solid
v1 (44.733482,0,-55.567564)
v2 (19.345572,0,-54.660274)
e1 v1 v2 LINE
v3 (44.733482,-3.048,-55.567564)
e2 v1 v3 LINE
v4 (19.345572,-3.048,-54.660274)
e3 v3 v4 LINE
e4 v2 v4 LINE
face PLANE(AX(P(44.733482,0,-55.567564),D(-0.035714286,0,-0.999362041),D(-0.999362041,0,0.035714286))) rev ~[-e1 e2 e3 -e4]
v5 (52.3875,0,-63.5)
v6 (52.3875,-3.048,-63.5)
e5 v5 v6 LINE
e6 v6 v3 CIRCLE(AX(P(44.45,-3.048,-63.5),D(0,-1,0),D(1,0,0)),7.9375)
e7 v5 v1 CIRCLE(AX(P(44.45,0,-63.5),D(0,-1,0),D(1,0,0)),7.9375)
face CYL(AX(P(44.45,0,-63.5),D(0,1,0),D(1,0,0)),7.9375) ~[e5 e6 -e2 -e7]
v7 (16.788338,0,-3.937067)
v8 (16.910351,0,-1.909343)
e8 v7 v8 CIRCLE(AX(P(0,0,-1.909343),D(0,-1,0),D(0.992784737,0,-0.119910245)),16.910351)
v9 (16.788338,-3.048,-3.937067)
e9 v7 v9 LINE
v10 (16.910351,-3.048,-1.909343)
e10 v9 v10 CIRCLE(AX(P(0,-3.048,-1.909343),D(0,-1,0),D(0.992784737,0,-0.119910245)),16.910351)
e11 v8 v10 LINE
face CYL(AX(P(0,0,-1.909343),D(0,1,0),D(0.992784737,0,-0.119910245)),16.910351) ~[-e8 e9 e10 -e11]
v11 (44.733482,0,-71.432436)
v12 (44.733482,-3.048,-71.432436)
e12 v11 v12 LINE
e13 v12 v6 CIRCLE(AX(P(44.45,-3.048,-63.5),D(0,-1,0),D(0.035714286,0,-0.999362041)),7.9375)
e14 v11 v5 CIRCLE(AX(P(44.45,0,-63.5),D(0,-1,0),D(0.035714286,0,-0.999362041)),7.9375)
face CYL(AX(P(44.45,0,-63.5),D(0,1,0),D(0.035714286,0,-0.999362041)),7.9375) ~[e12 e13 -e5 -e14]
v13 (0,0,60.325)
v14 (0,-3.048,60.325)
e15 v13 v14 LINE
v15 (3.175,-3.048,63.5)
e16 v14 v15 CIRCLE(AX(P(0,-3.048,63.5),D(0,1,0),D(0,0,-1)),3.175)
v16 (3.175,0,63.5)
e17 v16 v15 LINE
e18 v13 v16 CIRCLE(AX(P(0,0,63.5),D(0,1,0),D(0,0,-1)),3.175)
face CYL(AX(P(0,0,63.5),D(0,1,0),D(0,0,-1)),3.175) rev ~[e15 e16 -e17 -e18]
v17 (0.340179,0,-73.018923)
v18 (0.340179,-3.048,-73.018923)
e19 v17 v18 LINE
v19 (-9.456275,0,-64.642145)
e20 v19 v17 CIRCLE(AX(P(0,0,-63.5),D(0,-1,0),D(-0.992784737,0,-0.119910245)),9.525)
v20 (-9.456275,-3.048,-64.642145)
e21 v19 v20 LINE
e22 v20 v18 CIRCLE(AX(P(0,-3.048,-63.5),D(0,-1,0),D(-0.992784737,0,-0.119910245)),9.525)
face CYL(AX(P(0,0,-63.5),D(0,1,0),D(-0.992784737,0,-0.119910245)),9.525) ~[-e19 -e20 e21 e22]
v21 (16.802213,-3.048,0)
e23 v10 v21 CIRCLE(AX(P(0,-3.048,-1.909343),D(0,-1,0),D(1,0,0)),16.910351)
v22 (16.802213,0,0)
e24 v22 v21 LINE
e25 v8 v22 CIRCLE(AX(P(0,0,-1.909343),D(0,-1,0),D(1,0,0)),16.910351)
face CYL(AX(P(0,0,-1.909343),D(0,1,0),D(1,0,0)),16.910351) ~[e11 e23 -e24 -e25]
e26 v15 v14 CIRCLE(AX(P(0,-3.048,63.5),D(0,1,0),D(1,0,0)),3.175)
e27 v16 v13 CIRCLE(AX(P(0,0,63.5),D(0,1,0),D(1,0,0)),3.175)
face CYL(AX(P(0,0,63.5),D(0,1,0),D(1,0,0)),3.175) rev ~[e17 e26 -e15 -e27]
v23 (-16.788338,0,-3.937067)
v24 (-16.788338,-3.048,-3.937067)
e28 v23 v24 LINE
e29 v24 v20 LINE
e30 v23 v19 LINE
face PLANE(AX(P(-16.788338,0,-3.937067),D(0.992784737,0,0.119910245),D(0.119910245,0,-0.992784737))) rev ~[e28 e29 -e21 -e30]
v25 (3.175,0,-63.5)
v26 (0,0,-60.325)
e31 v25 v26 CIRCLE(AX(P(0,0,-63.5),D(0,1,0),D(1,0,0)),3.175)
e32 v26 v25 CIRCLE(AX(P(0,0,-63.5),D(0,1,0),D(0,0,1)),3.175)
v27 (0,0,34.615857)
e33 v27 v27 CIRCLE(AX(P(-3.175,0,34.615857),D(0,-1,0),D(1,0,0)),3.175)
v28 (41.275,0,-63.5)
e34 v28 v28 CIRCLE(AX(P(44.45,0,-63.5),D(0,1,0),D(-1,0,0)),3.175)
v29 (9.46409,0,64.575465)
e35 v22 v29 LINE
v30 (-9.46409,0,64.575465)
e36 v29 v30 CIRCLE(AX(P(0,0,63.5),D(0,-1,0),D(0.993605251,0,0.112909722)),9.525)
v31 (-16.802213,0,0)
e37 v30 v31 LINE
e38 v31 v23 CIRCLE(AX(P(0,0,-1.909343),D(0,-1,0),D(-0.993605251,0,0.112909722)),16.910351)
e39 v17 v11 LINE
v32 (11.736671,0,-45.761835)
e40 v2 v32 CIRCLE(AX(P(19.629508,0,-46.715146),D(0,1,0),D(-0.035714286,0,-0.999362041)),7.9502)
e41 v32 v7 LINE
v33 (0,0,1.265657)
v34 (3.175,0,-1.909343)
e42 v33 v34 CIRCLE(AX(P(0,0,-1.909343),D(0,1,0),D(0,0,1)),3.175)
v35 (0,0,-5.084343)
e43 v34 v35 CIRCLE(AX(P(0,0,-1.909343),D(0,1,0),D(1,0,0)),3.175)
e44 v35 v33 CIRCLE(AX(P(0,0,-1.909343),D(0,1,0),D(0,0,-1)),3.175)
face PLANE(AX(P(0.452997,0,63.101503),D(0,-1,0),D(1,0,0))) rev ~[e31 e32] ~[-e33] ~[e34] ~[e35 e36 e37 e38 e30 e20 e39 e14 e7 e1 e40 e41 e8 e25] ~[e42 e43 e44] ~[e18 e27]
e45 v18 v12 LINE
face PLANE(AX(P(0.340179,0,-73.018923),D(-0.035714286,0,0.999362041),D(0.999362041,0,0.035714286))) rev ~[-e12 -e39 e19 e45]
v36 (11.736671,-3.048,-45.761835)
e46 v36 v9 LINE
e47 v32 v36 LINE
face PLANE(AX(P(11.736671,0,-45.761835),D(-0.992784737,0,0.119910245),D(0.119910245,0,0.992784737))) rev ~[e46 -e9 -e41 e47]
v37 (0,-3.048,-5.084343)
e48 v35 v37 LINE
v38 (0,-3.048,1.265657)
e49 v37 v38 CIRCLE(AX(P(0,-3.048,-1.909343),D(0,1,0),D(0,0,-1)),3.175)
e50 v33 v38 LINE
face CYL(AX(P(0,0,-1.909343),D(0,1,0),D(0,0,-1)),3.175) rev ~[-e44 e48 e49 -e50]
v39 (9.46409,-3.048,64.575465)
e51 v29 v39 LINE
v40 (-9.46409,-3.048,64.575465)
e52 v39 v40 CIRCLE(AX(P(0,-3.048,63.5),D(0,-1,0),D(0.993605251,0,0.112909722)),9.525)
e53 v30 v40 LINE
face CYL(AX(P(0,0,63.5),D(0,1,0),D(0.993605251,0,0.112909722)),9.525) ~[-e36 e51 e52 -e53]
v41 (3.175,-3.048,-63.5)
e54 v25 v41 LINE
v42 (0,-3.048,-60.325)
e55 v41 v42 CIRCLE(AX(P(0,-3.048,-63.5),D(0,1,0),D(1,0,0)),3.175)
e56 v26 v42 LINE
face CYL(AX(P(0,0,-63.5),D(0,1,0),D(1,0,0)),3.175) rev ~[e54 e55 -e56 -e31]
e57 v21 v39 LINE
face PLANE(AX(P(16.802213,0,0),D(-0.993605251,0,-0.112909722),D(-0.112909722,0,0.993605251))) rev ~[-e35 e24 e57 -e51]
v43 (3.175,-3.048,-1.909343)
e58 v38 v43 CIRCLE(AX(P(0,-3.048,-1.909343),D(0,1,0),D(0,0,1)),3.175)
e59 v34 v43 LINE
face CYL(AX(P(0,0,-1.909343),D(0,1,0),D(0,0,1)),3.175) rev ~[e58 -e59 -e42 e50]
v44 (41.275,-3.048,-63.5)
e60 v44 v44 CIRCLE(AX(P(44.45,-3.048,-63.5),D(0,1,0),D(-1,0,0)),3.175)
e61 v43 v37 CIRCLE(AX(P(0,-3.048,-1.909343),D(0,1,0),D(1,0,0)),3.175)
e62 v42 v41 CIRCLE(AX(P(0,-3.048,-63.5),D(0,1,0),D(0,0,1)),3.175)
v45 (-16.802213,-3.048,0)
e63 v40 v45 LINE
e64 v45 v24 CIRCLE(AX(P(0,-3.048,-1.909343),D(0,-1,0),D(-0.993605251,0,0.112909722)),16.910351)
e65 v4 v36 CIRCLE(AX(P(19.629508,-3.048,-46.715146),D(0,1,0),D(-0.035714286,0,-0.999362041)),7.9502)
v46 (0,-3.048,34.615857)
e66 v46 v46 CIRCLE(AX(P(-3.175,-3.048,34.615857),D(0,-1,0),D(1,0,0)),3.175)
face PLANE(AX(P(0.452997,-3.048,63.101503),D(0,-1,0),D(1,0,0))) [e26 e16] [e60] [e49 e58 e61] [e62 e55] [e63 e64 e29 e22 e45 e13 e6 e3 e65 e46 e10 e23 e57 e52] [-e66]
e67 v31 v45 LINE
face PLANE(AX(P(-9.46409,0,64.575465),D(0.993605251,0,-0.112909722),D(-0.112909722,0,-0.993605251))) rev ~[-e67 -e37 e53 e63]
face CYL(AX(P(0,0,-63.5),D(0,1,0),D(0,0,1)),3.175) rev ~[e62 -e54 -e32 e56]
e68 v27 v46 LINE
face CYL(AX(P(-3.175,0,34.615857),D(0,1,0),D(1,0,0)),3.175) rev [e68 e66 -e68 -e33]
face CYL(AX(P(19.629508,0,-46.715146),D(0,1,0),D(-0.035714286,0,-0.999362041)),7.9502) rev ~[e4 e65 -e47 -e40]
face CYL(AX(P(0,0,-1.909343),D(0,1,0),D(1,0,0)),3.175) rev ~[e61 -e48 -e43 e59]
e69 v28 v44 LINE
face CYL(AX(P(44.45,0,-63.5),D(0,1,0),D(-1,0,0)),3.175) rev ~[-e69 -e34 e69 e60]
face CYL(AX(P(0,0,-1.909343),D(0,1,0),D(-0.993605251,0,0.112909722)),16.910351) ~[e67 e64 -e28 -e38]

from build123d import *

# Parameters (mm, degrees)
F0_R     = 3.175
F1_DEPTH = 3.048


with BuildPart() as f1:
    # F0 (on Front) → F1 (new body)
    with BuildSketch(Plane.XZ):
        with BuildLine():
            ThreePointArc((-9.4640900149, 64.5754651042), (-7.1052596757, 57.1564276672), (0, 53.975))
            ThreePointArc((0, 53.975), (6.7351920908, 56.7648079092), (9.525, 63.5))
            ThreePointArc((9.525, 63.5), (9.5097603122, 64.0385942853), (9.4640900149, 64.5754651042))
            ThreePointArc((9.4640900149, 64.5754651042), (0, 73.025), (-9.4640900149, 64.5754651042))
        make_face()
        with BuildLine():
            ThreePointArc((3.175, 63.5), (2.2450640303, 61.2549359697), (0, 60.325))
            ThreePointArc((0, 60.325), (-2.2450640303, 65.7450640303), (3.175, 63.5))
        make_face(mode=Mode.SUBTRACT)
        with BuildLine():
            ThreePointArc((9.525, 63.5), (6.7351920908, 56.7648079092), (0, 53.975))
            Line((0, 53.975), (0, 34.6158569941))
            Line((0, 34.6158569941), (0, 15.0010077439))
            ThreePointArc((0, 15.0010077439), (11.2621557117, 10.7050856854), (16.8022132997, 0))
            Line((16.8022132997, 0), (9.4640900149, 64.5754651042))
            ThreePointArc((9.4640900149, 64.5754651042), (9.5097603122, 64.0385942853), (9.525, 63.5))
        make_face()
        with BuildLine():
            Line((0, 34.6158569941), (0, 53.975))
            ThreePointArc((0, 53.975), (-7.1052596757, 57.1564276672), (-9.4640900149, 64.5754651042))
            Line((-9.4640900149, 64.5754651042), (-16.8022132997, 0))
            ThreePointArc((-16.8022132997, 0), (-11.2621557117, 10.7050856854), (0, 15.0010077439))
            Line((0, 15.0010077439), (0, 34.6158569941))
        make_face()
        with Locations((-3.175, 34.6158569941)):
            Circle(F0_R, mode=Mode.SUBTRACT)
        with BuildLine():
            ThreePointArc((16.8022132997, 0), (11.2621557117, 10.7050856854), (0, 15.0010077439))
            Line((0, 15.0010077439), (0, 1.2656569941))
            ThreePointArc((0, 1.2656569941), (2.2450640303, 0.3357210243), (3.175, -1.9093430059))
            ThreePointArc((3.175, -1.9093430059), (2.2450640303, -4.1544070362), (0, -5.0843430059))
            Line((0, -5.0843430059), (0, -18.8196937558))
            ThreePointArc((0, -18.8196937558), (11.2176297277, -14.5633836956), (16.788338115, -3.9370673019))
            ThreePointArc((16.788338115, -3.9370673019), (16.8798200303, -2.9250389377), (16.9103507498, -1.9093430059))
            ThreePointArc((16.9103507498, -1.9093430059), (16.8832947429, -0.9531416121), (16.8022132997, 0))
        make_face()
        with BuildLine():
            Line((0, 1.2656569941), (0, 15.0010077439))
            ThreePointArc((0, 15.0010077439), (-11.2621557117, 10.7050856854), (-16.8022132997, 0))
            ThreePointArc((-16.8022132997, 0), (-16.9102457351, -1.9689388333), (-16.788338115, -3.9370673019))
            ThreePointArc((-16.788338115, -3.9370673019), (-11.2176297277, -14.5633836956), (0, -18.8196937558))
            Line((0, -18.8196937558), (0, -5.0843430059))
            ThreePointArc((0, -5.0843430059), (-3.175, -1.9093430059), (0, 1.2656569941))
        make_face()
        with BuildLine():
            ThreePointArc((0, -18.8196937558), (-11.2176297277, -14.5633836956), (-16.788338115, -3.9370673019))
            Line((-16.788338115, -3.9370673019), (-9.4562746161, -64.6421450805))
            ThreePointArc((-9.4562746161, -64.6421450805), (-7.1275717075, -57.1815075727), (0, -53.975))
            Line((0, -53.975), (0, -18.8196937558))
        make_face()
        with BuildLine():
            ThreePointArc((16.788338115, -3.9370673019), (11.2176297277, -14.5633836956), (0, -18.8196937558))
            Line((0, -18.8196937558), (0, -53.975))
            ThreePointArc((0, -53.975), (6.7351920908, -56.7648079092), (9.525, -63.5))
            Line((9.525, -63.5), (36.5125, -63.5))
            ThreePointArc((36.5125, -63.5), (38.9384772185, -57.7879930953), (44.7334821429, -55.5675637964))
            Line((44.7334821429, -55.5675637964), (19.3455723287, -54.6602739182))
            ThreePointArc((19.3455723287, -54.6602739182), (13.5871197785, -51.8818879335), (11.73667083, -45.7618353894))
            Line((11.73667083, -45.7618353894), (16.788338115, -3.9370673019))
        make_face()
        with BuildLine():
            ThreePointArc((0, -53.975), (-7.1275717075, -57.1815075727), (-9.4562746161, -64.6421450805))
            ThreePointArc((-9.4562746161, -64.6421450805), (-6.1901862422, -70.7392830644), (0.3401785714, -73.0189234444))
            ThreePointArc((0.3401785714, -73.0189234444), (6.8544082857, -70.1138273378), (9.525, -63.5))
            Line((9.525, -63.5), (3.175, -63.5))
            ThreePointArc((3.175, -63.5), (-2.2450640303, -65.7450640303), (0, -60.325))
            Line((0, -60.325), (0, -53.975))
        make_face()
        with BuildLine():
            ThreePointArc((9.525, -63.5), (6.8544082857, -70.1138273378), (0.3401785714, -73.0189234444))
            Line((0.3401785714, -73.0189234444), (44.7334821429, -71.4324362036))
            ThreePointArc((44.7334821429, -71.4324362036), (38.9384772185, -69.2120069047), (36.5125, -63.5))
            Line((36.5125, -63.5), (9.525, -63.5))
        make_face()
        with BuildLine():
            ThreePointArc((36.5125, -63.5), (38.9384772185, -69.2120069047), (44.7334821429, -71.4324362036))
            ThreePointArc((44.7334821429, -71.4324362036), (50.1620069047, -69.0115227815), (52.3875, -63.5))
            ThreePointArc((52.3875, -63.5), (50.1620069047, -57.9884772185), (44.7334821429, -55.5675637964))
            ThreePointArc((44.7334821429, -55.5675637964), (38.9384772185, -57.7879930953), (36.5125, -63.5))
        make_face()
        with BuildLine():
            ThreePointArc((47.625, -63.5), (44.45, -66.675), (41.275, -63.5))
            ThreePointArc((41.275, -63.5), (44.45, -60.325), (47.625, -63.5))
        make_face(mode=Mode.SUBTRACT)
        with BuildLine():
            ThreePointArc((9.525, -63.5), (6.7351920908, -56.7648079092), (0, -53.975))
            Line((0, -53.975), (0, -60.325))
            ThreePointArc((0, -60.325), (2.2450640303, -61.2549359697), (3.175, -63.5))
            Line((3.175, -63.5), (9.525, -63.5))
        make_face()
    extrude(amount=F1_DEPTH)


solid = f1.part
